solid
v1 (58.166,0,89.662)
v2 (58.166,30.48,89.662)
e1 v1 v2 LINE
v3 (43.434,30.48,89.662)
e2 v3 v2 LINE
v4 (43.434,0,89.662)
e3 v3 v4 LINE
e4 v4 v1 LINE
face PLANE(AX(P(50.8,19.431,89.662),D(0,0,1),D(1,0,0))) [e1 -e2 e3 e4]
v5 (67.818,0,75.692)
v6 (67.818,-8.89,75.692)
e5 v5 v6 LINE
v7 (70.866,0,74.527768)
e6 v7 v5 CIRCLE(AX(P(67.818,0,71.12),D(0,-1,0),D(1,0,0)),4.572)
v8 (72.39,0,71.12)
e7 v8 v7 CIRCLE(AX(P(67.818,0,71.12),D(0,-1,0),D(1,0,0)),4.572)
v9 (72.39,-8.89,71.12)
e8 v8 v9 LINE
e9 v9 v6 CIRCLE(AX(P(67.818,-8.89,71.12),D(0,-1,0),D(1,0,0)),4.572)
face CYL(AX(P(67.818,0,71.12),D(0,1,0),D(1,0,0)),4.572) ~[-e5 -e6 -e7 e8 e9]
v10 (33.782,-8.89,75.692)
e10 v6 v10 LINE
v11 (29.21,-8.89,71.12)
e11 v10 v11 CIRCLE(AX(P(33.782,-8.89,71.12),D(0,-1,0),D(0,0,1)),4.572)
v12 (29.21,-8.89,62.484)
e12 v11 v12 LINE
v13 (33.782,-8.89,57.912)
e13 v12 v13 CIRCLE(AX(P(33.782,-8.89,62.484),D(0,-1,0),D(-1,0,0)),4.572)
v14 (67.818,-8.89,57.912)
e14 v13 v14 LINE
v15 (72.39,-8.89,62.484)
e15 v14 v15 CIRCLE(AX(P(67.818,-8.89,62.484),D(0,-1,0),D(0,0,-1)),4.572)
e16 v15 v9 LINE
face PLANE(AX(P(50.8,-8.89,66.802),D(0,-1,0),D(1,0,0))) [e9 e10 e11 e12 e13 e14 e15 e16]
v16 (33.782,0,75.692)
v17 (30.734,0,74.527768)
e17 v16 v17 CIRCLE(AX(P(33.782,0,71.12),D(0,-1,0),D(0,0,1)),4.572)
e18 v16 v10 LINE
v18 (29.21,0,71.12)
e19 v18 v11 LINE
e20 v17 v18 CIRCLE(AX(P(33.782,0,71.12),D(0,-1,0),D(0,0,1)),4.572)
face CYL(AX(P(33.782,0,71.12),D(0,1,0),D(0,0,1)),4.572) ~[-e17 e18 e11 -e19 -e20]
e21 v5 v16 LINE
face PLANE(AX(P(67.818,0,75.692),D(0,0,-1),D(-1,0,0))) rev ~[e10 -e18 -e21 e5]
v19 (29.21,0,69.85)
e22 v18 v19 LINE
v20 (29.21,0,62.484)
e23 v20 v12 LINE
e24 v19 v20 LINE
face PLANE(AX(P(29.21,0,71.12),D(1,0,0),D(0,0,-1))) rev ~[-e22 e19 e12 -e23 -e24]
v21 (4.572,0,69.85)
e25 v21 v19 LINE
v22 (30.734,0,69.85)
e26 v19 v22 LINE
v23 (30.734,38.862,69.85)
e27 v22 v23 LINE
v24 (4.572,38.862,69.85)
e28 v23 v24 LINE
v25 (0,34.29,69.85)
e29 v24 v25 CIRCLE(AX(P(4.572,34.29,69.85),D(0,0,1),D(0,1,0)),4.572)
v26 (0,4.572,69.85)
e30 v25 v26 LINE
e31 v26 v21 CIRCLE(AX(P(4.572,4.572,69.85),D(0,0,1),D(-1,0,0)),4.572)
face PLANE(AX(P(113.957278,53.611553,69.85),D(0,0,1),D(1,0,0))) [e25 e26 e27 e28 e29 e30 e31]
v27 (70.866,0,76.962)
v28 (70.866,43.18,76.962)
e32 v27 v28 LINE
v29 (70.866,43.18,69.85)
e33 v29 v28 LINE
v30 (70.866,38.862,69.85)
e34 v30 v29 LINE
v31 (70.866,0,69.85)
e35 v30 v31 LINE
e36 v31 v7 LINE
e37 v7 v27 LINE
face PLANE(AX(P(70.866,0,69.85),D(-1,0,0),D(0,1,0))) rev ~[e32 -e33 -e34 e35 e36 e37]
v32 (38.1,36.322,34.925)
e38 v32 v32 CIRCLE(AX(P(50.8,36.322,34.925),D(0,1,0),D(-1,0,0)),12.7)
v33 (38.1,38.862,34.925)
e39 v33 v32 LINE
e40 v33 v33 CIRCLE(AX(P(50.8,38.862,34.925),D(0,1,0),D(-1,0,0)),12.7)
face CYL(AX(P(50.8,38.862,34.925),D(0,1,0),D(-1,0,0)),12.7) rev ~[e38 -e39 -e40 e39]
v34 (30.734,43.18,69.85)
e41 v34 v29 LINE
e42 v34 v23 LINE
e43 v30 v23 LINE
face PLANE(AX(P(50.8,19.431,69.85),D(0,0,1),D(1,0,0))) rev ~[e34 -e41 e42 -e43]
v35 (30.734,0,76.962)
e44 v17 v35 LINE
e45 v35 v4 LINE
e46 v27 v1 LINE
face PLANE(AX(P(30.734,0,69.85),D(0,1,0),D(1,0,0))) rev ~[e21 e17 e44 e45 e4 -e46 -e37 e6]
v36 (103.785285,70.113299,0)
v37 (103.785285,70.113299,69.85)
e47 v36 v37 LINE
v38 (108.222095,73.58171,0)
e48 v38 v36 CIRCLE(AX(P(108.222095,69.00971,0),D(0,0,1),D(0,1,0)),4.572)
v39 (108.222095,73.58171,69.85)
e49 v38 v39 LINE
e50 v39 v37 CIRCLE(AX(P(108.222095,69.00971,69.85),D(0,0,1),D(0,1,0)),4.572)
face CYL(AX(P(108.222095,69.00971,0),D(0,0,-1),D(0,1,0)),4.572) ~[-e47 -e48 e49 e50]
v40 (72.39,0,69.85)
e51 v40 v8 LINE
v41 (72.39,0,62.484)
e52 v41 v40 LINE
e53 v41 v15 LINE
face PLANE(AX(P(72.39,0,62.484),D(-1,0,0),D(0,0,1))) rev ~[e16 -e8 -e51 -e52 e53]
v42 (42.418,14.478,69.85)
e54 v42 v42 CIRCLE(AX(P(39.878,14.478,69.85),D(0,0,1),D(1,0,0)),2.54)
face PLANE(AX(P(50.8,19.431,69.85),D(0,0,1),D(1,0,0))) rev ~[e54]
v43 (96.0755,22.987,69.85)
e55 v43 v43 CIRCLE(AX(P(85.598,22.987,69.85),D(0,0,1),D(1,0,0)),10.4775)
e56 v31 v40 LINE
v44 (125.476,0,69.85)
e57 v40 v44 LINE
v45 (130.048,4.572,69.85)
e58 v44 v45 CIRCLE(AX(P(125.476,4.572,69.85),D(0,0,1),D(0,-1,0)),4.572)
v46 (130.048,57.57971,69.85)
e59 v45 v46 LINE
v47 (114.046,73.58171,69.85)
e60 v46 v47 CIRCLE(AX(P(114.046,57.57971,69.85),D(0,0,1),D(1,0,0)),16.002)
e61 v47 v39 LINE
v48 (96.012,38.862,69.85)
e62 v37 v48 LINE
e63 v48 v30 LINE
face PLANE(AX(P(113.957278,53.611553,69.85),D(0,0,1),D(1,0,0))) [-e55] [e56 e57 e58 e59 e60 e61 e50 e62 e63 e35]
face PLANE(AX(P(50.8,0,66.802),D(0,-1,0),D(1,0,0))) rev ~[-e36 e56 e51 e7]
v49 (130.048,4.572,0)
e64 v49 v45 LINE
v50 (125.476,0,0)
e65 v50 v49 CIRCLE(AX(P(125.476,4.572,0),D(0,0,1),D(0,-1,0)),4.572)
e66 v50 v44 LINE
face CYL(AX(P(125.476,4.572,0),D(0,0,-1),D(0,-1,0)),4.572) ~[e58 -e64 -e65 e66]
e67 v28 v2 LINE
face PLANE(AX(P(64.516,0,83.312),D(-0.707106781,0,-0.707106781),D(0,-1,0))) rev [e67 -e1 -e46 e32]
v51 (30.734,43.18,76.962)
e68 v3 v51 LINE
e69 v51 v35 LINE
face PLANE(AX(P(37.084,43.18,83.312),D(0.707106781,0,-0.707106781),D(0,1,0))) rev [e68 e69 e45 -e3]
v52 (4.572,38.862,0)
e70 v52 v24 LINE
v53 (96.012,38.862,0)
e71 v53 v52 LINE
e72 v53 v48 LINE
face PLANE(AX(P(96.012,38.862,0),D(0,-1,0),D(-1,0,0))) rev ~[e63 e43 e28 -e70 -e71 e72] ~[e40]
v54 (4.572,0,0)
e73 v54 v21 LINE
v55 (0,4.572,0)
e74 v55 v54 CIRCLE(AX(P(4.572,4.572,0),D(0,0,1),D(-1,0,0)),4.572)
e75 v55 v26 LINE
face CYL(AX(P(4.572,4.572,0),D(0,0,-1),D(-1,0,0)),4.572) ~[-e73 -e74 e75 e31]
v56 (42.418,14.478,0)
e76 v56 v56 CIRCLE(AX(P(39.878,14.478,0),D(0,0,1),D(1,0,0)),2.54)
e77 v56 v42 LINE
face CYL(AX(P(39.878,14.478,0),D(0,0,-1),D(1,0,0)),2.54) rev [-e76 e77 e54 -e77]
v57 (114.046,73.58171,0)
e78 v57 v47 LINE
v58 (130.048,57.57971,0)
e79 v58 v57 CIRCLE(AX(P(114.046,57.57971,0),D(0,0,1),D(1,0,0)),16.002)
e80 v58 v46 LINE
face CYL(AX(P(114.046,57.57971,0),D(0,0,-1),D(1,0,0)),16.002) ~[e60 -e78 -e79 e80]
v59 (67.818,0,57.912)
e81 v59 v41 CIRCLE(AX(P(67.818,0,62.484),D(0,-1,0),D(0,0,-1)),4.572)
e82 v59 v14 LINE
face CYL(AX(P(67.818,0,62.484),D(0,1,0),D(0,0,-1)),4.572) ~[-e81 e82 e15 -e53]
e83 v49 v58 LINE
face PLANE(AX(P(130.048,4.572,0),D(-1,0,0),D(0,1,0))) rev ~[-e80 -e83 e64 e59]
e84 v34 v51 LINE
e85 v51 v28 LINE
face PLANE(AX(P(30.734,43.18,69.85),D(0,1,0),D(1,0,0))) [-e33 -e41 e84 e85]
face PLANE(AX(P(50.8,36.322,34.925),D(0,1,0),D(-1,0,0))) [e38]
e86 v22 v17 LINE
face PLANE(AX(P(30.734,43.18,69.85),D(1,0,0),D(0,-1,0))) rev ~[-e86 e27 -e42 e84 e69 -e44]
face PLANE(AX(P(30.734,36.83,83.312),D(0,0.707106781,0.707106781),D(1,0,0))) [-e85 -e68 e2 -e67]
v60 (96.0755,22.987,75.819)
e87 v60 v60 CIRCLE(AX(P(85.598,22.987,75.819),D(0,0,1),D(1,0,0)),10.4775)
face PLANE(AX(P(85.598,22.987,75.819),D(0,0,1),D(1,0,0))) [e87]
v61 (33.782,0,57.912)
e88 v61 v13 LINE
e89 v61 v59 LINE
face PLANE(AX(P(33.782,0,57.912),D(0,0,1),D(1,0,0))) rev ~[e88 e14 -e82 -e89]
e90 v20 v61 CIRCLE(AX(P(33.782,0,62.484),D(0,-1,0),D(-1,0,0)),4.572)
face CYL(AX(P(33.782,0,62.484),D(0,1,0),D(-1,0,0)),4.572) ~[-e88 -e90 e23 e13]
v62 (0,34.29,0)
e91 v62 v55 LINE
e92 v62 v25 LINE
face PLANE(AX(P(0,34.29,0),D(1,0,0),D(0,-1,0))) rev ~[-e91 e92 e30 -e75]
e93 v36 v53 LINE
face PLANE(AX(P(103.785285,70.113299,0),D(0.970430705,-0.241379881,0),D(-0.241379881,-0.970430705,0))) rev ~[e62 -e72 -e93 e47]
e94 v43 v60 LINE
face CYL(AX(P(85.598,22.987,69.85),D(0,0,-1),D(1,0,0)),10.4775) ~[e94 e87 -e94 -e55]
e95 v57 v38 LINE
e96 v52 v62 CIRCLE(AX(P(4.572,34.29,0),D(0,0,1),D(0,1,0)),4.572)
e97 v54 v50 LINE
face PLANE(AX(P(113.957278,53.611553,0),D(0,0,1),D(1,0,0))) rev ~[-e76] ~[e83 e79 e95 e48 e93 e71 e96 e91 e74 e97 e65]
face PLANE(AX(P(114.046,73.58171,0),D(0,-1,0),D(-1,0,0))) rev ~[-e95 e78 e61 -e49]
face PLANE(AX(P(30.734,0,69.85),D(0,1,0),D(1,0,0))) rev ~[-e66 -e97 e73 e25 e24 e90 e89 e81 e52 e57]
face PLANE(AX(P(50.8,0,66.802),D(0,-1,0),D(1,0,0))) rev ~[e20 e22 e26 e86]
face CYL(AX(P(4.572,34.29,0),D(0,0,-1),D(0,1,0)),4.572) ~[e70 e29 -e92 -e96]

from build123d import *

# Parameters (mm, degrees)
F0_R      = 2.54
F1_DEPTH  = 69.85
F2_W      = 40.132
F2_H      = 38.862
F2_R      = 2.54
F2_H_2    = 4.318
F3_DEPTH  = 19.812
F4_SIZE   = 12.7
F6_DEPTH  = 8.89
F7_R      = 10.4775
F8_DEPTH  = 5.969
F9_R      = 12.7
F10_DEPTH = 2.54


with BuildPart() as f1:
    # F0 (on Top) → F1 (new body)
    with BuildSketch(Plane.XY):
        with BuildLine():
            Line((96.012, 38.862), (130.048, 38.862))
            Line((130.048, 38.862), (130.048, 57.5797104578))
            ThreePointArc((130.048, 57.5797104578), (125.3611227125, 68.8948331703), (114.046, 73.5817104578))
            Line((114.046, 73.5817104578), (108.2220946444, 73.5817104578))
            ThreePointArc((108.2220946444, 73.5817104578), (105.4062842868, 72.6117093515), (103.7852854611, 70.1132992724))
            Line((103.7852854611, 70.1132992724), (96.012, 38.862))
        make_face()
        with BuildLine():
            ThreePointArc((0, 4.572), (1.3391077964, 1.3391077964), (4.572, 0))
            Line((4.572, 0), (125.476, 0))
            ThreePointArc((125.476, 0), (128.7088922036, 1.3391077964), (130.048, 4.572))
            Line((130.048, 4.572), (130.048, 38.862))
            Line((130.048, 38.862), (96.012, 38.862))
            Line((96.012, 38.862), (4.572, 38.862))
            ThreePointArc((4.572, 38.862), (1.3391077964, 37.5228922036), (0, 34.29))
            Line((0, 34.29), (0, 4.572))
        make_face()
        with Locations((39.878, 14.478)):
            Circle(F0_R, mode=Mode.SUBTRACT)
    extrude(amount=F1_DEPTH)

    # F2 (on face) → F3 (join)
    with BuildSketch(Plane.XY.offset(69.85)):
        with Locations((50.8, 19.431)):
            Rectangle(F2_W, F2_H)
        with Locations((39.878, 14.478)):
            Circle(F2_R, mode=Mode.SUBTRACT)
        with Locations((50.8, 41.021)):
            Rectangle(F2_W, F2_H_2)
        with Locations((39.878, 14.478)):
            Circle(F2_R)
    extrude(amount=F3_DEPTH)

    # F4
    f4_edges = [f1.edges().sort_by_distance(p)[0] for p in [
        (70.866, 21.59, 89.662),
        (50.8, 43.18, 89.662),
        (30.734, 21.59, 89.662),
    ]]
    chamfer(f4_edges, length=F4_SIZE)

    # F5 (on Front) + F1_face1 (on face) → F6 (join)
    with BuildSketch(Plane.XZ):
        with BuildLine():
            ThreePointArc((29.21, 62.484), (30.5491077964, 59.2511077964), (33.782, 57.912))
            Line((33.782, 57.912), (67.818, 57.912))
            ThreePointArc((67.818, 57.912), (71.0508922036, 59.2511077964), (72.39, 62.484))
            Line((72.39, 62.484), (72.39, 71.12))
            ThreePointArc((72.39, 71.12), (71.0508922036, 74.3528922036), (67.818, 75.692))
            Line((67.818, 75.692), (33.782, 75.692))
            ThreePointArc((33.782, 75.692), (30.5491077964, 74.3528922036), (29.21, 71.12))
            Line((29.21, 71.12), (29.21, 62.484))
        make_face()
    with BuildSketch(Plane(origin=(50.292, 38.862, 34.925), x_dir=(-1, 0, 0), z_dir=(0, 1, 0))):
        Polygon((-45.72, 34.925), (-45.72, -34.925), (45.72, -34.925), (45.72, 34.925), (19.558, 34.925), (-20.574, 34.925), align=None)
    extrude(amount=F6_DEPTH, dir=(0, -1, 0))

    # F7 (on face) → F8 (join)
    with BuildSketch(Plane.XY.offset(69.85)):
        with Locations((85.598, 22.987)):
            Circle(F7_R)
    extrude(amount=F8_DEPTH)

    # F9 (on face) → F10 (cut)
    with BuildSketch(Plane(origin=(0, 38.862, 0), x_dir=(-1, 0, 0), z_dir=(0, 1, 0))):
        with Locations((-50.8, 34.925)):
            Circle(F9_R)
    extrude(amount=-F10_DEPTH, mode=Mode.SUBTRACT)


solid = f1.part
